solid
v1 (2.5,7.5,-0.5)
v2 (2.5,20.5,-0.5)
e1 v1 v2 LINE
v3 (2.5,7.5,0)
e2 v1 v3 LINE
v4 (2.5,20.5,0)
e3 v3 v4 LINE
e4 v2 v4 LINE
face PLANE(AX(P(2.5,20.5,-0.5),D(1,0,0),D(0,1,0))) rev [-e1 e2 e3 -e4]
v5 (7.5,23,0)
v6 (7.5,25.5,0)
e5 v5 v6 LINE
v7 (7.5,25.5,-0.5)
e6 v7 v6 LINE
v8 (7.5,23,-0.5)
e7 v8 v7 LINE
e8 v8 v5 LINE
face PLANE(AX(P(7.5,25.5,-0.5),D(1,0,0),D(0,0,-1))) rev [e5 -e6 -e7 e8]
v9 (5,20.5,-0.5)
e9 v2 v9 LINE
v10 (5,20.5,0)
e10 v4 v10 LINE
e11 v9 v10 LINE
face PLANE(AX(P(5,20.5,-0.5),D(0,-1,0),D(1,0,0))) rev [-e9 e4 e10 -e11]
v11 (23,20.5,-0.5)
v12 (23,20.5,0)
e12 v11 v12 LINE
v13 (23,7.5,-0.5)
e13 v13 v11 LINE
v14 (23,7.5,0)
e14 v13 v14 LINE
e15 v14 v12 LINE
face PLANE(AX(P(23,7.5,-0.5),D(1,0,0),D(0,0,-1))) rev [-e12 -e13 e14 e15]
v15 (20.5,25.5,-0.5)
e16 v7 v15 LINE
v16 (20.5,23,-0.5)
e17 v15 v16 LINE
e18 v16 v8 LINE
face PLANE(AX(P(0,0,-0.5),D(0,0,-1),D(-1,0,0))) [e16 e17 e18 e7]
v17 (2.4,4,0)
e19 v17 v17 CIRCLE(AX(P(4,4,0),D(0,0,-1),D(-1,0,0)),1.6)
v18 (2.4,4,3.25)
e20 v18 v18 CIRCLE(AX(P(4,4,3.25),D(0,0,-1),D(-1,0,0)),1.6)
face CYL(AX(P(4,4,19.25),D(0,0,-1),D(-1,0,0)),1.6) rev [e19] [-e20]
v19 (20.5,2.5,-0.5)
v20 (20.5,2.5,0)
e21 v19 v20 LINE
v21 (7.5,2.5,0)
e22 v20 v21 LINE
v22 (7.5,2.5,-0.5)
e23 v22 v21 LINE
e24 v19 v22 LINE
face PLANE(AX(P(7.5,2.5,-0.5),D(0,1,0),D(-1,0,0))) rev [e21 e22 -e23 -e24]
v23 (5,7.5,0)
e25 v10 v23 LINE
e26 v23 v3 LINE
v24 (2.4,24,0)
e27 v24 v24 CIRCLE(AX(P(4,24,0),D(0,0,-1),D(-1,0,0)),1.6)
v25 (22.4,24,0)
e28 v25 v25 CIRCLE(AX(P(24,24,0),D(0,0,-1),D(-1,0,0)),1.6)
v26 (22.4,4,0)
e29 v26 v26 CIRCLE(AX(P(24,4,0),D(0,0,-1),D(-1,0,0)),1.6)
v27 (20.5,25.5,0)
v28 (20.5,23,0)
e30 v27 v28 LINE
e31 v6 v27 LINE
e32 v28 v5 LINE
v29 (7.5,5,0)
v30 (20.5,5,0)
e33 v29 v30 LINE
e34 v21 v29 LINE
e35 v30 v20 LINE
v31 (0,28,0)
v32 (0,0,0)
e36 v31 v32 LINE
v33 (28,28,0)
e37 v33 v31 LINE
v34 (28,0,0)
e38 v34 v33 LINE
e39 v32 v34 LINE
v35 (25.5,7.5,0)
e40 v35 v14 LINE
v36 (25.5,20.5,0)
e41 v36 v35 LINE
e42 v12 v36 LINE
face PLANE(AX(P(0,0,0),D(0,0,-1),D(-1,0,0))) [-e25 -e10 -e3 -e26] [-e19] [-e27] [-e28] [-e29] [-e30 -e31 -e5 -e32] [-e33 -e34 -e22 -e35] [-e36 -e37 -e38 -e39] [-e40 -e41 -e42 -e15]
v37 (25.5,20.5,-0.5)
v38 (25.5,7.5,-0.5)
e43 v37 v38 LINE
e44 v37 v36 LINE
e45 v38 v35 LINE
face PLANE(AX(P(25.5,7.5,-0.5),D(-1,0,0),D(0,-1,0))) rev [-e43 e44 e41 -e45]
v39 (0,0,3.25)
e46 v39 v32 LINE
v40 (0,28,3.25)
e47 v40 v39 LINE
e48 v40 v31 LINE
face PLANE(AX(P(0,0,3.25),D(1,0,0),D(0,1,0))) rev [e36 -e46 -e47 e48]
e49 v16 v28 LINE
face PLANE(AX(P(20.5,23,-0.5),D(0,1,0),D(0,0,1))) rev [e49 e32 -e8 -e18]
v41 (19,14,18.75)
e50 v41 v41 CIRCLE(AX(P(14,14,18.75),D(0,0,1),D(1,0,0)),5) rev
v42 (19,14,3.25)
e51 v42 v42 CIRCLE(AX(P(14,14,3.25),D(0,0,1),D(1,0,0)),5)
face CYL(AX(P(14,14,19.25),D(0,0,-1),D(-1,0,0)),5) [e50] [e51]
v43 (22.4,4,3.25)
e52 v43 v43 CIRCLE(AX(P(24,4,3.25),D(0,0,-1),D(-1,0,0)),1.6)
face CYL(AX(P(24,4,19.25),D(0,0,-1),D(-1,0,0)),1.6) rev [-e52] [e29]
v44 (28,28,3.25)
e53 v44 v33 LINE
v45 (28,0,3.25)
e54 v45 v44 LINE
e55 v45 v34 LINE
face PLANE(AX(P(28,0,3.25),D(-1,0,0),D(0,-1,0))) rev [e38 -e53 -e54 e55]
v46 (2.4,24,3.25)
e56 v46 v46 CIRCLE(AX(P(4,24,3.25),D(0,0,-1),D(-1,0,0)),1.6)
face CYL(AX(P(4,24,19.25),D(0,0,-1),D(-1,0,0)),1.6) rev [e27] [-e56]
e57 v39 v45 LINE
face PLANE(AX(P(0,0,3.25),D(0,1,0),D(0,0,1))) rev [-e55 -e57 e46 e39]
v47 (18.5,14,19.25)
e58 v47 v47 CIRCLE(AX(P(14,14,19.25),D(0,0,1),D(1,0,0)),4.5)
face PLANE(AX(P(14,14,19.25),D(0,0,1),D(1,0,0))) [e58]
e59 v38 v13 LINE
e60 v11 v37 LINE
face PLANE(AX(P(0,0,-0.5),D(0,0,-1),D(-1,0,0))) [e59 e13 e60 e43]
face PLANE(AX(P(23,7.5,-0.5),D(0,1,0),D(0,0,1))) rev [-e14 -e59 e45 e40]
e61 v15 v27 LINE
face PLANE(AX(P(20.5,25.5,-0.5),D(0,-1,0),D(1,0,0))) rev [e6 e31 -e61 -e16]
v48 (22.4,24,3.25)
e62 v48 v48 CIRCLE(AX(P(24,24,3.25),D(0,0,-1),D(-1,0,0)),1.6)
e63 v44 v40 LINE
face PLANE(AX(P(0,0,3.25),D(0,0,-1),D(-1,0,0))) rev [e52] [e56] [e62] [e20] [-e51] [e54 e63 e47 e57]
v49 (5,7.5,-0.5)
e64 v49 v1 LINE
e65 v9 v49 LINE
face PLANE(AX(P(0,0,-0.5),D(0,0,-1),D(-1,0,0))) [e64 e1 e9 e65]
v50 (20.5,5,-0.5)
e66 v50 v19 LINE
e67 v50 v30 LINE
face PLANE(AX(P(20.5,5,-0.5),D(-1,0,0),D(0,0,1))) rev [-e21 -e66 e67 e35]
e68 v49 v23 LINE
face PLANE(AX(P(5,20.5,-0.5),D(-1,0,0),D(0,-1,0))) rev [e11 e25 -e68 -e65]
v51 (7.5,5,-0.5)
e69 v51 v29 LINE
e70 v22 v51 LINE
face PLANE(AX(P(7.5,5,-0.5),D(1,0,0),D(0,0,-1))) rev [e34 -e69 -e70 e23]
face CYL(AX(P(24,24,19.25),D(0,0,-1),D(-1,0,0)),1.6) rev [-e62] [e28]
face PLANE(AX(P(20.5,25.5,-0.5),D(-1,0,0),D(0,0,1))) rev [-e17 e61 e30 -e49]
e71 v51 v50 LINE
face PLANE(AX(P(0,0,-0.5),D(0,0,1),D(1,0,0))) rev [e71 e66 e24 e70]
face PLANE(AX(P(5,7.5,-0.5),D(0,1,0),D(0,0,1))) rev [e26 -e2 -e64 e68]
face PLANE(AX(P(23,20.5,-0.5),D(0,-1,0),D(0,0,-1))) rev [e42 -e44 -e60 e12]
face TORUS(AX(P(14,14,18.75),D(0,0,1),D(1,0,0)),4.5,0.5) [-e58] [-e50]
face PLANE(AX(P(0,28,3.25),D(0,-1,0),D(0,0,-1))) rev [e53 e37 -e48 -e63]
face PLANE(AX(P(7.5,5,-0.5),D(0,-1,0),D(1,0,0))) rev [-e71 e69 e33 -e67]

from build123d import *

# Parameters (mm, degrees)
SKETCH1_W           = 28
SKETCH1_H           = 28
BOSS_EXTRUDE1_DEPTH = 3.25
SKETCH2_R           = 5
BOSS_EXTRUDE2_DEPTH = 16
SKETCH3_R           = 1.6
CUT_EXTRUDE1_DEPTH  = 45.029109689
FILLET1_R           = 0.5
SKETCH4_W           = 13
SKETCH4_H           = 2.5
SKETCH4_W_2         = 2.5
SKETCH4_H_2         = 13
BOSS_EXTRUDE3_DEPTH = 0.5


with BuildPart() as part:
    # Sketch1 → Boss-Extrude1 (new body)
    with BuildSketch(Plane.XY):
        with Locations((14, 14)):
            Rectangle(SKETCH1_W, SKETCH1_H)
    extrude(amount=BOSS_EXTRUDE1_DEPTH)

    # Sketch2 → Boss-Extrude2 (add)
    with BuildSketch(Plane.XY.offset(3.25)):
        with Locations((14, 14)):
            Circle(SKETCH2_R)
    extrude(amount=BOSS_EXTRUDE2_DEPTH)

    # Sketch3 → Cut-Extrude1 (cut, through all)
    with BuildSketch(Plane(origin=(0, 0, 0), x_dir=(-1, 0, 0), z_dir=(0, 0, -1))):
        with Locations((-24, 24)):
            Circle(SKETCH3_R)
        with Locations((-4, 24)):
            Circle(SKETCH3_R)
        with Locations((-4, 4)):
            Circle(SKETCH3_R)
        with Locations((-24, 4)):
            Circle(SKETCH3_R)
    extrude(amount=-CUT_EXTRUDE1_DEPTH, mode=Mode.SUBTRACT)

    # Fillet1
    fillet1_edges = [part.edges().sort_by_distance(p)[0] for p in [
        (9, 14, 19.25),
    ]]
    fillet(fillet1_edges, radius=FILLET1_R)

    # Sketch4 → Boss-Extrude3 (add)
    with BuildSketch(Plane(origin=(0, 0, 0), x_dir=(-1, 0, 0), z_dir=(0, 0, -1))):
        with Locations((-14, 24.25)):
            Rectangle(SKETCH4_W, SKETCH4_H)
        with Locations((-3.75, 14)):
            Rectangle(SKETCH4_W_2, SKETCH4_H_2)
        with Locations((-14, 3.75)):
            Rectangle(SKETCH4_W, SKETCH4_H)
        with Locations((-24.25, 14)):
            Rectangle(SKETCH4_W_2, SKETCH4_H_2)
    extrude(amount=BOSS_EXTRUDE3_DEPTH)


solid = part.part
